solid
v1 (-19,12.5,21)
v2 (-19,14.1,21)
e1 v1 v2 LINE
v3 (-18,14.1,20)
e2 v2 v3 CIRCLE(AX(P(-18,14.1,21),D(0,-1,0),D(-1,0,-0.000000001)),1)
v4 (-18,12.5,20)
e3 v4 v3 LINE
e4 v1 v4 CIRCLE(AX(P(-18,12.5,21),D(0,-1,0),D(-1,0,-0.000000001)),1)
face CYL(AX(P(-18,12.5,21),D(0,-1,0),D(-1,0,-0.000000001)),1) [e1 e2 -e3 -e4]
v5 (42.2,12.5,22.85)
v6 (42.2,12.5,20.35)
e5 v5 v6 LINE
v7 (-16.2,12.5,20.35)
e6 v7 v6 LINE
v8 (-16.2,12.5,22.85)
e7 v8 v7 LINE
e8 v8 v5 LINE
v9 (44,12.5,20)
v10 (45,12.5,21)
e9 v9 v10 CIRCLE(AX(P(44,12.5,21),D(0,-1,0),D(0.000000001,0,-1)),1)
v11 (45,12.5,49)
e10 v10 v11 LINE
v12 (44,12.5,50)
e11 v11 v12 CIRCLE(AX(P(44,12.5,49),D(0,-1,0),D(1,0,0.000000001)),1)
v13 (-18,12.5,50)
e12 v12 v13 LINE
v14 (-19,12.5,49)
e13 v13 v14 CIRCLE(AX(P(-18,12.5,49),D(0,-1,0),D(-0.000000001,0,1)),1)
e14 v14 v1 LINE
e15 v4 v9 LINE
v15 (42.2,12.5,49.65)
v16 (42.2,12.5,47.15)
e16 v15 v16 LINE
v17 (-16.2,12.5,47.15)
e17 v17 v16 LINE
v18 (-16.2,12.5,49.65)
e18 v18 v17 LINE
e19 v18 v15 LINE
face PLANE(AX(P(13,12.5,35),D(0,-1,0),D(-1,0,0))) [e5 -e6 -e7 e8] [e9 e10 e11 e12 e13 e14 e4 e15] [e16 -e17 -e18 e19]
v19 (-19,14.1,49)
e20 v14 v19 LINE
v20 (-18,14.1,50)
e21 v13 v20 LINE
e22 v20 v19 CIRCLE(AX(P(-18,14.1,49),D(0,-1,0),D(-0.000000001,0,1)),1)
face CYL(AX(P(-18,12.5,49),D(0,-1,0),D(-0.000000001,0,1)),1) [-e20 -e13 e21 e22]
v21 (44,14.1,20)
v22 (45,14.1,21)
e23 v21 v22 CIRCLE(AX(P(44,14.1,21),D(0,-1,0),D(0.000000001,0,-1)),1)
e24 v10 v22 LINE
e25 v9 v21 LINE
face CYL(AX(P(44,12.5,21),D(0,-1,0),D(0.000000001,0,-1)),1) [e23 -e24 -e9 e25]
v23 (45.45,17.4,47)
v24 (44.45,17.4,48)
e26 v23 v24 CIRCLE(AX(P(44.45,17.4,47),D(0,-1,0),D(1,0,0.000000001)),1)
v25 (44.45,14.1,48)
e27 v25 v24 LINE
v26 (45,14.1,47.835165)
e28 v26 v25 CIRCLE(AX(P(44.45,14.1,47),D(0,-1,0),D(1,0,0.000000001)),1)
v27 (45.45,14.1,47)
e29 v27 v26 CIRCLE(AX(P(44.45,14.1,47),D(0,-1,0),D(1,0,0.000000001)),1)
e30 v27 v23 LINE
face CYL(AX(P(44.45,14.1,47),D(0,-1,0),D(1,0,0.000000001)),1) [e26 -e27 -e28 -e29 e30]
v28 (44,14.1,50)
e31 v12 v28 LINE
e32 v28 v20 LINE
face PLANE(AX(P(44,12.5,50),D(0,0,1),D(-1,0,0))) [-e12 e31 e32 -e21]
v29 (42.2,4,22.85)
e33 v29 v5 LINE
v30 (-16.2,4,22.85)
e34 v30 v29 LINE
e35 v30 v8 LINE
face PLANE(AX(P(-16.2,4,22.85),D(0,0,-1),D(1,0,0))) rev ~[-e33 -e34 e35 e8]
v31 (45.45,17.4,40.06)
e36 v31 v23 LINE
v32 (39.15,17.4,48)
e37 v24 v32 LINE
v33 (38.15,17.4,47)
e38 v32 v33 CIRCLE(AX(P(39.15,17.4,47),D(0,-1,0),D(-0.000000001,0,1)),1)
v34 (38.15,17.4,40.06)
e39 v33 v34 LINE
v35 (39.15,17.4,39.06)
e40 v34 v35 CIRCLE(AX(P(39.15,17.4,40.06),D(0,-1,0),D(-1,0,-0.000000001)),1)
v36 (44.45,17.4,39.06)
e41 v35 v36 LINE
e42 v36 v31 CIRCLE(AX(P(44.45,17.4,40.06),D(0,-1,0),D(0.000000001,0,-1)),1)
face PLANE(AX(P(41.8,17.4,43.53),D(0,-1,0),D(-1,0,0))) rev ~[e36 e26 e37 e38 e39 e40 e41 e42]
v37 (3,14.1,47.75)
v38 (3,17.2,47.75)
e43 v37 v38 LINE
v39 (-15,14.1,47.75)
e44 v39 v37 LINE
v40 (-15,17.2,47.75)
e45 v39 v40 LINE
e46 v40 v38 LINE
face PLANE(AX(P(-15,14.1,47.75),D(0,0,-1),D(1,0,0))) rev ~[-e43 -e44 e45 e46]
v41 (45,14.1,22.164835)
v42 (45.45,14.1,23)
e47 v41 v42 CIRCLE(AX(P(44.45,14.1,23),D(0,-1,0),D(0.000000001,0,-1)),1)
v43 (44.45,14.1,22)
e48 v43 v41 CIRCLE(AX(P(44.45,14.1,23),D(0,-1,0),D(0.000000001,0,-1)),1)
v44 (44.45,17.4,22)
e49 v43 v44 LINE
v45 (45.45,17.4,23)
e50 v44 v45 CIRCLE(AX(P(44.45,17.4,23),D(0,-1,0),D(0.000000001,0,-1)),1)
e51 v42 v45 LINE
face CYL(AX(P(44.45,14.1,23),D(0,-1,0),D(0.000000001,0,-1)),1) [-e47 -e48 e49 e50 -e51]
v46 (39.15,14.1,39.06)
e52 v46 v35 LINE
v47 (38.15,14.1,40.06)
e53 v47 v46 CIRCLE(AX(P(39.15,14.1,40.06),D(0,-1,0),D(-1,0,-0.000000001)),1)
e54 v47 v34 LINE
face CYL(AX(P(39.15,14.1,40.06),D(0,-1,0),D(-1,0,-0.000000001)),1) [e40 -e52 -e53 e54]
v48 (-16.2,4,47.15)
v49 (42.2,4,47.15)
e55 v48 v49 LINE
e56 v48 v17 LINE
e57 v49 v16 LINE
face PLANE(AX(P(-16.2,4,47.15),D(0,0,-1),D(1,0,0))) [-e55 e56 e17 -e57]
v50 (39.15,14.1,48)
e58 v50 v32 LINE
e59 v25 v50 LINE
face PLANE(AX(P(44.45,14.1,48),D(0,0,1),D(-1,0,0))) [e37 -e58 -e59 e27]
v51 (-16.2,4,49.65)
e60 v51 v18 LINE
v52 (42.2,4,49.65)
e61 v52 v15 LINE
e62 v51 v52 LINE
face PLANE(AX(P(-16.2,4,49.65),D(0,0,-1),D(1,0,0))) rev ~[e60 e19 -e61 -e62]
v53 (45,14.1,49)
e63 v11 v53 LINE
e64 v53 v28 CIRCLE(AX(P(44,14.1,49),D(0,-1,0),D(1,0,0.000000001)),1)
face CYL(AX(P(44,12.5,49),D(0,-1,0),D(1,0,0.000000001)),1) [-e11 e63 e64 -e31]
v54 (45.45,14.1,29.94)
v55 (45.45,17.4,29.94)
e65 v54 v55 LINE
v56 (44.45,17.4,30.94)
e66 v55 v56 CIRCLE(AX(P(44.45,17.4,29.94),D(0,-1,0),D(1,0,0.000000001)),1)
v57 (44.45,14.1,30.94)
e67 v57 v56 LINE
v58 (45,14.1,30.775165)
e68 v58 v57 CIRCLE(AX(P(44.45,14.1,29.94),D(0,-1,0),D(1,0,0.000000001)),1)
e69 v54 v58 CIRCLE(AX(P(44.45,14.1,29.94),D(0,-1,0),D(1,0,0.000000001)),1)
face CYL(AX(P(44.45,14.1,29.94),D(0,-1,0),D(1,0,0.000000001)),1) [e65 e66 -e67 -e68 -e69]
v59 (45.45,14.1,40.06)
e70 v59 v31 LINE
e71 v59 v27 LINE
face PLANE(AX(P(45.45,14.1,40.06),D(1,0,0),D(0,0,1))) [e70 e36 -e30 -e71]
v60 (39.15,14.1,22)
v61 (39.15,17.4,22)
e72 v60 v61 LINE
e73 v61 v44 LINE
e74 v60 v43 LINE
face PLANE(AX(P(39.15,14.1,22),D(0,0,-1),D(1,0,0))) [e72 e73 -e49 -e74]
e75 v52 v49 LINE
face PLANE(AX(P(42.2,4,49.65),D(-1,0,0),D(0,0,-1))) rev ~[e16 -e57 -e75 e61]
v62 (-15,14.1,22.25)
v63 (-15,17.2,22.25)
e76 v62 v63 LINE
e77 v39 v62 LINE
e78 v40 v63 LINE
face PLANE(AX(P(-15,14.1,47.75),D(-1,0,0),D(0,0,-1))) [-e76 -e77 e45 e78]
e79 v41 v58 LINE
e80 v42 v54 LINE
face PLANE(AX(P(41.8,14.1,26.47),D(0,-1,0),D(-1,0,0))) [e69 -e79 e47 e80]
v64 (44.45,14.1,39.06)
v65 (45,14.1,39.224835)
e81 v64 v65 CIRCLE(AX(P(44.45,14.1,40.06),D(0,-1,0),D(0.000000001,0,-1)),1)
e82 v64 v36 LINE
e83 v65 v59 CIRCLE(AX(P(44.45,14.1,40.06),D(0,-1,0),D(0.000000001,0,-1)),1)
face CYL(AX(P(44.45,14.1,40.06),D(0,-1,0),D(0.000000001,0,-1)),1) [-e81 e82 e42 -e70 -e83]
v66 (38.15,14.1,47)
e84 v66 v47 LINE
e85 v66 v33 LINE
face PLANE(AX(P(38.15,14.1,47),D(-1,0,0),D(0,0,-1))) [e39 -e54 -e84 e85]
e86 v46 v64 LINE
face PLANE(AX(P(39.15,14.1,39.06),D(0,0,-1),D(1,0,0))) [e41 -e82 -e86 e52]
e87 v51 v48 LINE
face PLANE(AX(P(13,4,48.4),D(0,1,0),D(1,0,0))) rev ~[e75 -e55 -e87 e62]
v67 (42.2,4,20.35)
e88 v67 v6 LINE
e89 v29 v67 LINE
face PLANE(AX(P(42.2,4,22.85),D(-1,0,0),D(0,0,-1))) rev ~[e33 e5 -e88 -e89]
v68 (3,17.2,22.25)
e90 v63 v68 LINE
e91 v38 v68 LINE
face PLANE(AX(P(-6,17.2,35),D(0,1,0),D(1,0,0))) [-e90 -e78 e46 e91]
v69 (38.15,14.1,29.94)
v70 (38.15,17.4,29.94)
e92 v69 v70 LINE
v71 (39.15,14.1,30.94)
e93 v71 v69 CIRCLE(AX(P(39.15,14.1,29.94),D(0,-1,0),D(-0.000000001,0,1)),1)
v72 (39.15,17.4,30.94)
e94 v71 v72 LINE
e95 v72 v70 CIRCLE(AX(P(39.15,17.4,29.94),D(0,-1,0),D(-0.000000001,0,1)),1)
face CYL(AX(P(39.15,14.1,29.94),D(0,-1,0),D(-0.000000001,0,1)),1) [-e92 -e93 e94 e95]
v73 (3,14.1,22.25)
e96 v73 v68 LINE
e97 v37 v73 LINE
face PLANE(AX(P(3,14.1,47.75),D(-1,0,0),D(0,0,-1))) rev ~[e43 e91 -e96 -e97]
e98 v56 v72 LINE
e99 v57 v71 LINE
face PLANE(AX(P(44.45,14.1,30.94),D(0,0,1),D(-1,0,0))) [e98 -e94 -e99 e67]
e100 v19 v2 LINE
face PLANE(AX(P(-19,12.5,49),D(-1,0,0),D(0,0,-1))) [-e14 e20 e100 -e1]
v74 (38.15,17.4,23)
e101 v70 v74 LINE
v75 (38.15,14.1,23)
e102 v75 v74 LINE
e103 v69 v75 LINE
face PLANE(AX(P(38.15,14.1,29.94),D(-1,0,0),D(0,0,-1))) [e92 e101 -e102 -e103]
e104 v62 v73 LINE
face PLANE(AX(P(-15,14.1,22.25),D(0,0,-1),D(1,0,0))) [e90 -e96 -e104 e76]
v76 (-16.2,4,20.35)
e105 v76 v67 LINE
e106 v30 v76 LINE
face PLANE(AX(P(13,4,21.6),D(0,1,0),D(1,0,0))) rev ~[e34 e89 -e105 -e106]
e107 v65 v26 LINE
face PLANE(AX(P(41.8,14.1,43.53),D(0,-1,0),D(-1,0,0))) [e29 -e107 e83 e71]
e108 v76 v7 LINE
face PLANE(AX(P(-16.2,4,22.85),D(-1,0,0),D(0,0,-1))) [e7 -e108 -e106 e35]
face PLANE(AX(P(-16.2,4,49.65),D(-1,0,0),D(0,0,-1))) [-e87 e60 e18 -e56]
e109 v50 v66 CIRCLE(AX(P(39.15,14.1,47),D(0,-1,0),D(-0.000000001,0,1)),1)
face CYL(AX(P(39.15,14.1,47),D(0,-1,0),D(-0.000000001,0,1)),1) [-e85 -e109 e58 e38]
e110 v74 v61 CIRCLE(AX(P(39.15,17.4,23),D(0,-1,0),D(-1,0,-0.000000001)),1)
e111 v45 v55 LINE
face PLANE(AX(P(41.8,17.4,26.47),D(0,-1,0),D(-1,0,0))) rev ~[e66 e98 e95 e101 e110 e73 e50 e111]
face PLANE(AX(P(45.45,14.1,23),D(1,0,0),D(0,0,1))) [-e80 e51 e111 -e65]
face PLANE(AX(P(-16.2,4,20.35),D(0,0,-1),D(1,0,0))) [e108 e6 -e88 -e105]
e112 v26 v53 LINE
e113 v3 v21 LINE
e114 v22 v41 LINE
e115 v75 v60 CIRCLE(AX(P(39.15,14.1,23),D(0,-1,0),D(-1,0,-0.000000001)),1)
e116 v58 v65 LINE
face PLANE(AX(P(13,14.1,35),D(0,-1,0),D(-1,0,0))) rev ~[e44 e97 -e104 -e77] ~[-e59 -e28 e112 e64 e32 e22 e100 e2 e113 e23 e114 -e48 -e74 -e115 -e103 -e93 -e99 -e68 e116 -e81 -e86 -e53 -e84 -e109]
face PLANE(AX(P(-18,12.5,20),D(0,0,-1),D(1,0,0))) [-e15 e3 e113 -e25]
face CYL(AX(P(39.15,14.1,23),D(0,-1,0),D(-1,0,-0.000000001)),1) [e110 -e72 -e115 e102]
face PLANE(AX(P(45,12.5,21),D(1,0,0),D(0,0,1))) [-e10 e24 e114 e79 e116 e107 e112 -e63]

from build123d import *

# Parameters (mm, degrees)
BOARD_START   = 12.5
BOARD_DEPTH   = 1.6
WROOM_START   = 14.1
SKETCH2_W     = 18
SKETCH2_H     = 25.5
WROOM_DEPTH   = 3.1
USB_C_START   = 14.1
USB_C_DEPTH   = 3.3
HEADERS_START = 4
SKETCH4_W     = 58.4
SKETCH4_H     = 2.5
HEADERS_DEPTH = 8.5


with BuildPart() as part:
    # Sketch1 → Board (new body)
    with BuildSketch(Plane(origin=(0, 0, 0), x_dir=(1, 0, 0), z_dir=(0, 1, 0)).offset(BOARD_START)):
        with BuildLine():
            Line((-18, -20), (44, -20))
            ThreePointArc((44, -20), (44.707106781, -20.292893219), (45, -21))
            Line((45, -21), (45, -49))
            ThreePointArc((45, -49), (44.707106781, -49.707106781), (44, -50))
            Line((44, -50), (-18, -50))
            ThreePointArc((-18, -50), (-18.707106781, -49.707106781), (-19, -49))
            Line((-19, -49), (-19, -21))
            ThreePointArc((-19, -21), (-18.707106781, -20.292893219), (-18, -20))
        make_face()
    extrude(amount=BOARD_DEPTH)

    # Sketch2 → WROOM (add)
    with BuildSketch(Plane(origin=(0, 0, 0), x_dir=(1, 0, 0), z_dir=(0, 1, 0)).offset(WROOM_START)):
        with Locations((-6, -35)):
            Rectangle(SKETCH2_W, SKETCH2_H)
    extrude(amount=WROOM_DEPTH)

    # Sketch3 → USB-C (add)
    with BuildSketch(Plane(origin=(0, 0, 0), x_dir=(1, 0, 0), z_dir=(0, 1, 0)).offset(USB_C_START)):
        with BuildLine():
            Line((39.15, -22), (44.45, -22))
            ThreePointArc((44.45, -22), (45.157106781, -22.292893219), (45.45, -23))
            Line((45.45, -23), (45.45, -29.94))
            ThreePointArc((45.45, -29.94), (45.157106781, -30.647106781), (44.45, -30.94))
            Line((44.45, -30.94), (39.15, -30.94))
            ThreePointArc((39.15, -30.94), (38.442893219, -30.647106781), (38.15, -29.94))
            Line((38.15, -29.94), (38.15, -23))
            ThreePointArc((38.15, -23), (38.442893219, -22.292893219), (39.15, -22))
        make_face()
        with BuildLine():
            Line((39.15, -39.06), (44.45, -39.06))
            ThreePointArc((44.45, -39.06), (45.157106781, -39.352893219), (45.45, -40.06))
            Line((45.45, -40.06), (45.45, -47))
            ThreePointArc((45.45, -47), (45.157106781, -47.707106781), (44.45, -48))
            Line((44.45, -48), (39.15, -48))
            ThreePointArc((39.15, -48), (38.442893219, -47.707106781), (38.15, -47))
            Line((38.15, -47), (38.15, -40.06))
            ThreePointArc((38.15, -40.06), (38.442893219, -39.352893219), (39.15, -39.06))
        make_face()
    extrude(amount=USB_C_DEPTH)

    # Sketch4 → Headers (add)
    with BuildSketch(Plane(origin=(0, 0, 0), x_dir=(1, 0, 0), z_dir=(0, 1, 0)).offset(HEADERS_START)):
        with Locations((13, -21.6)):
            Rectangle(SKETCH4_W, SKETCH4_H)
        with Locations((13, -48.4)):
            Rectangle(SKETCH4_W, SKETCH4_H)
    extrude(amount=HEADERS_DEPTH)


solid = part.part
